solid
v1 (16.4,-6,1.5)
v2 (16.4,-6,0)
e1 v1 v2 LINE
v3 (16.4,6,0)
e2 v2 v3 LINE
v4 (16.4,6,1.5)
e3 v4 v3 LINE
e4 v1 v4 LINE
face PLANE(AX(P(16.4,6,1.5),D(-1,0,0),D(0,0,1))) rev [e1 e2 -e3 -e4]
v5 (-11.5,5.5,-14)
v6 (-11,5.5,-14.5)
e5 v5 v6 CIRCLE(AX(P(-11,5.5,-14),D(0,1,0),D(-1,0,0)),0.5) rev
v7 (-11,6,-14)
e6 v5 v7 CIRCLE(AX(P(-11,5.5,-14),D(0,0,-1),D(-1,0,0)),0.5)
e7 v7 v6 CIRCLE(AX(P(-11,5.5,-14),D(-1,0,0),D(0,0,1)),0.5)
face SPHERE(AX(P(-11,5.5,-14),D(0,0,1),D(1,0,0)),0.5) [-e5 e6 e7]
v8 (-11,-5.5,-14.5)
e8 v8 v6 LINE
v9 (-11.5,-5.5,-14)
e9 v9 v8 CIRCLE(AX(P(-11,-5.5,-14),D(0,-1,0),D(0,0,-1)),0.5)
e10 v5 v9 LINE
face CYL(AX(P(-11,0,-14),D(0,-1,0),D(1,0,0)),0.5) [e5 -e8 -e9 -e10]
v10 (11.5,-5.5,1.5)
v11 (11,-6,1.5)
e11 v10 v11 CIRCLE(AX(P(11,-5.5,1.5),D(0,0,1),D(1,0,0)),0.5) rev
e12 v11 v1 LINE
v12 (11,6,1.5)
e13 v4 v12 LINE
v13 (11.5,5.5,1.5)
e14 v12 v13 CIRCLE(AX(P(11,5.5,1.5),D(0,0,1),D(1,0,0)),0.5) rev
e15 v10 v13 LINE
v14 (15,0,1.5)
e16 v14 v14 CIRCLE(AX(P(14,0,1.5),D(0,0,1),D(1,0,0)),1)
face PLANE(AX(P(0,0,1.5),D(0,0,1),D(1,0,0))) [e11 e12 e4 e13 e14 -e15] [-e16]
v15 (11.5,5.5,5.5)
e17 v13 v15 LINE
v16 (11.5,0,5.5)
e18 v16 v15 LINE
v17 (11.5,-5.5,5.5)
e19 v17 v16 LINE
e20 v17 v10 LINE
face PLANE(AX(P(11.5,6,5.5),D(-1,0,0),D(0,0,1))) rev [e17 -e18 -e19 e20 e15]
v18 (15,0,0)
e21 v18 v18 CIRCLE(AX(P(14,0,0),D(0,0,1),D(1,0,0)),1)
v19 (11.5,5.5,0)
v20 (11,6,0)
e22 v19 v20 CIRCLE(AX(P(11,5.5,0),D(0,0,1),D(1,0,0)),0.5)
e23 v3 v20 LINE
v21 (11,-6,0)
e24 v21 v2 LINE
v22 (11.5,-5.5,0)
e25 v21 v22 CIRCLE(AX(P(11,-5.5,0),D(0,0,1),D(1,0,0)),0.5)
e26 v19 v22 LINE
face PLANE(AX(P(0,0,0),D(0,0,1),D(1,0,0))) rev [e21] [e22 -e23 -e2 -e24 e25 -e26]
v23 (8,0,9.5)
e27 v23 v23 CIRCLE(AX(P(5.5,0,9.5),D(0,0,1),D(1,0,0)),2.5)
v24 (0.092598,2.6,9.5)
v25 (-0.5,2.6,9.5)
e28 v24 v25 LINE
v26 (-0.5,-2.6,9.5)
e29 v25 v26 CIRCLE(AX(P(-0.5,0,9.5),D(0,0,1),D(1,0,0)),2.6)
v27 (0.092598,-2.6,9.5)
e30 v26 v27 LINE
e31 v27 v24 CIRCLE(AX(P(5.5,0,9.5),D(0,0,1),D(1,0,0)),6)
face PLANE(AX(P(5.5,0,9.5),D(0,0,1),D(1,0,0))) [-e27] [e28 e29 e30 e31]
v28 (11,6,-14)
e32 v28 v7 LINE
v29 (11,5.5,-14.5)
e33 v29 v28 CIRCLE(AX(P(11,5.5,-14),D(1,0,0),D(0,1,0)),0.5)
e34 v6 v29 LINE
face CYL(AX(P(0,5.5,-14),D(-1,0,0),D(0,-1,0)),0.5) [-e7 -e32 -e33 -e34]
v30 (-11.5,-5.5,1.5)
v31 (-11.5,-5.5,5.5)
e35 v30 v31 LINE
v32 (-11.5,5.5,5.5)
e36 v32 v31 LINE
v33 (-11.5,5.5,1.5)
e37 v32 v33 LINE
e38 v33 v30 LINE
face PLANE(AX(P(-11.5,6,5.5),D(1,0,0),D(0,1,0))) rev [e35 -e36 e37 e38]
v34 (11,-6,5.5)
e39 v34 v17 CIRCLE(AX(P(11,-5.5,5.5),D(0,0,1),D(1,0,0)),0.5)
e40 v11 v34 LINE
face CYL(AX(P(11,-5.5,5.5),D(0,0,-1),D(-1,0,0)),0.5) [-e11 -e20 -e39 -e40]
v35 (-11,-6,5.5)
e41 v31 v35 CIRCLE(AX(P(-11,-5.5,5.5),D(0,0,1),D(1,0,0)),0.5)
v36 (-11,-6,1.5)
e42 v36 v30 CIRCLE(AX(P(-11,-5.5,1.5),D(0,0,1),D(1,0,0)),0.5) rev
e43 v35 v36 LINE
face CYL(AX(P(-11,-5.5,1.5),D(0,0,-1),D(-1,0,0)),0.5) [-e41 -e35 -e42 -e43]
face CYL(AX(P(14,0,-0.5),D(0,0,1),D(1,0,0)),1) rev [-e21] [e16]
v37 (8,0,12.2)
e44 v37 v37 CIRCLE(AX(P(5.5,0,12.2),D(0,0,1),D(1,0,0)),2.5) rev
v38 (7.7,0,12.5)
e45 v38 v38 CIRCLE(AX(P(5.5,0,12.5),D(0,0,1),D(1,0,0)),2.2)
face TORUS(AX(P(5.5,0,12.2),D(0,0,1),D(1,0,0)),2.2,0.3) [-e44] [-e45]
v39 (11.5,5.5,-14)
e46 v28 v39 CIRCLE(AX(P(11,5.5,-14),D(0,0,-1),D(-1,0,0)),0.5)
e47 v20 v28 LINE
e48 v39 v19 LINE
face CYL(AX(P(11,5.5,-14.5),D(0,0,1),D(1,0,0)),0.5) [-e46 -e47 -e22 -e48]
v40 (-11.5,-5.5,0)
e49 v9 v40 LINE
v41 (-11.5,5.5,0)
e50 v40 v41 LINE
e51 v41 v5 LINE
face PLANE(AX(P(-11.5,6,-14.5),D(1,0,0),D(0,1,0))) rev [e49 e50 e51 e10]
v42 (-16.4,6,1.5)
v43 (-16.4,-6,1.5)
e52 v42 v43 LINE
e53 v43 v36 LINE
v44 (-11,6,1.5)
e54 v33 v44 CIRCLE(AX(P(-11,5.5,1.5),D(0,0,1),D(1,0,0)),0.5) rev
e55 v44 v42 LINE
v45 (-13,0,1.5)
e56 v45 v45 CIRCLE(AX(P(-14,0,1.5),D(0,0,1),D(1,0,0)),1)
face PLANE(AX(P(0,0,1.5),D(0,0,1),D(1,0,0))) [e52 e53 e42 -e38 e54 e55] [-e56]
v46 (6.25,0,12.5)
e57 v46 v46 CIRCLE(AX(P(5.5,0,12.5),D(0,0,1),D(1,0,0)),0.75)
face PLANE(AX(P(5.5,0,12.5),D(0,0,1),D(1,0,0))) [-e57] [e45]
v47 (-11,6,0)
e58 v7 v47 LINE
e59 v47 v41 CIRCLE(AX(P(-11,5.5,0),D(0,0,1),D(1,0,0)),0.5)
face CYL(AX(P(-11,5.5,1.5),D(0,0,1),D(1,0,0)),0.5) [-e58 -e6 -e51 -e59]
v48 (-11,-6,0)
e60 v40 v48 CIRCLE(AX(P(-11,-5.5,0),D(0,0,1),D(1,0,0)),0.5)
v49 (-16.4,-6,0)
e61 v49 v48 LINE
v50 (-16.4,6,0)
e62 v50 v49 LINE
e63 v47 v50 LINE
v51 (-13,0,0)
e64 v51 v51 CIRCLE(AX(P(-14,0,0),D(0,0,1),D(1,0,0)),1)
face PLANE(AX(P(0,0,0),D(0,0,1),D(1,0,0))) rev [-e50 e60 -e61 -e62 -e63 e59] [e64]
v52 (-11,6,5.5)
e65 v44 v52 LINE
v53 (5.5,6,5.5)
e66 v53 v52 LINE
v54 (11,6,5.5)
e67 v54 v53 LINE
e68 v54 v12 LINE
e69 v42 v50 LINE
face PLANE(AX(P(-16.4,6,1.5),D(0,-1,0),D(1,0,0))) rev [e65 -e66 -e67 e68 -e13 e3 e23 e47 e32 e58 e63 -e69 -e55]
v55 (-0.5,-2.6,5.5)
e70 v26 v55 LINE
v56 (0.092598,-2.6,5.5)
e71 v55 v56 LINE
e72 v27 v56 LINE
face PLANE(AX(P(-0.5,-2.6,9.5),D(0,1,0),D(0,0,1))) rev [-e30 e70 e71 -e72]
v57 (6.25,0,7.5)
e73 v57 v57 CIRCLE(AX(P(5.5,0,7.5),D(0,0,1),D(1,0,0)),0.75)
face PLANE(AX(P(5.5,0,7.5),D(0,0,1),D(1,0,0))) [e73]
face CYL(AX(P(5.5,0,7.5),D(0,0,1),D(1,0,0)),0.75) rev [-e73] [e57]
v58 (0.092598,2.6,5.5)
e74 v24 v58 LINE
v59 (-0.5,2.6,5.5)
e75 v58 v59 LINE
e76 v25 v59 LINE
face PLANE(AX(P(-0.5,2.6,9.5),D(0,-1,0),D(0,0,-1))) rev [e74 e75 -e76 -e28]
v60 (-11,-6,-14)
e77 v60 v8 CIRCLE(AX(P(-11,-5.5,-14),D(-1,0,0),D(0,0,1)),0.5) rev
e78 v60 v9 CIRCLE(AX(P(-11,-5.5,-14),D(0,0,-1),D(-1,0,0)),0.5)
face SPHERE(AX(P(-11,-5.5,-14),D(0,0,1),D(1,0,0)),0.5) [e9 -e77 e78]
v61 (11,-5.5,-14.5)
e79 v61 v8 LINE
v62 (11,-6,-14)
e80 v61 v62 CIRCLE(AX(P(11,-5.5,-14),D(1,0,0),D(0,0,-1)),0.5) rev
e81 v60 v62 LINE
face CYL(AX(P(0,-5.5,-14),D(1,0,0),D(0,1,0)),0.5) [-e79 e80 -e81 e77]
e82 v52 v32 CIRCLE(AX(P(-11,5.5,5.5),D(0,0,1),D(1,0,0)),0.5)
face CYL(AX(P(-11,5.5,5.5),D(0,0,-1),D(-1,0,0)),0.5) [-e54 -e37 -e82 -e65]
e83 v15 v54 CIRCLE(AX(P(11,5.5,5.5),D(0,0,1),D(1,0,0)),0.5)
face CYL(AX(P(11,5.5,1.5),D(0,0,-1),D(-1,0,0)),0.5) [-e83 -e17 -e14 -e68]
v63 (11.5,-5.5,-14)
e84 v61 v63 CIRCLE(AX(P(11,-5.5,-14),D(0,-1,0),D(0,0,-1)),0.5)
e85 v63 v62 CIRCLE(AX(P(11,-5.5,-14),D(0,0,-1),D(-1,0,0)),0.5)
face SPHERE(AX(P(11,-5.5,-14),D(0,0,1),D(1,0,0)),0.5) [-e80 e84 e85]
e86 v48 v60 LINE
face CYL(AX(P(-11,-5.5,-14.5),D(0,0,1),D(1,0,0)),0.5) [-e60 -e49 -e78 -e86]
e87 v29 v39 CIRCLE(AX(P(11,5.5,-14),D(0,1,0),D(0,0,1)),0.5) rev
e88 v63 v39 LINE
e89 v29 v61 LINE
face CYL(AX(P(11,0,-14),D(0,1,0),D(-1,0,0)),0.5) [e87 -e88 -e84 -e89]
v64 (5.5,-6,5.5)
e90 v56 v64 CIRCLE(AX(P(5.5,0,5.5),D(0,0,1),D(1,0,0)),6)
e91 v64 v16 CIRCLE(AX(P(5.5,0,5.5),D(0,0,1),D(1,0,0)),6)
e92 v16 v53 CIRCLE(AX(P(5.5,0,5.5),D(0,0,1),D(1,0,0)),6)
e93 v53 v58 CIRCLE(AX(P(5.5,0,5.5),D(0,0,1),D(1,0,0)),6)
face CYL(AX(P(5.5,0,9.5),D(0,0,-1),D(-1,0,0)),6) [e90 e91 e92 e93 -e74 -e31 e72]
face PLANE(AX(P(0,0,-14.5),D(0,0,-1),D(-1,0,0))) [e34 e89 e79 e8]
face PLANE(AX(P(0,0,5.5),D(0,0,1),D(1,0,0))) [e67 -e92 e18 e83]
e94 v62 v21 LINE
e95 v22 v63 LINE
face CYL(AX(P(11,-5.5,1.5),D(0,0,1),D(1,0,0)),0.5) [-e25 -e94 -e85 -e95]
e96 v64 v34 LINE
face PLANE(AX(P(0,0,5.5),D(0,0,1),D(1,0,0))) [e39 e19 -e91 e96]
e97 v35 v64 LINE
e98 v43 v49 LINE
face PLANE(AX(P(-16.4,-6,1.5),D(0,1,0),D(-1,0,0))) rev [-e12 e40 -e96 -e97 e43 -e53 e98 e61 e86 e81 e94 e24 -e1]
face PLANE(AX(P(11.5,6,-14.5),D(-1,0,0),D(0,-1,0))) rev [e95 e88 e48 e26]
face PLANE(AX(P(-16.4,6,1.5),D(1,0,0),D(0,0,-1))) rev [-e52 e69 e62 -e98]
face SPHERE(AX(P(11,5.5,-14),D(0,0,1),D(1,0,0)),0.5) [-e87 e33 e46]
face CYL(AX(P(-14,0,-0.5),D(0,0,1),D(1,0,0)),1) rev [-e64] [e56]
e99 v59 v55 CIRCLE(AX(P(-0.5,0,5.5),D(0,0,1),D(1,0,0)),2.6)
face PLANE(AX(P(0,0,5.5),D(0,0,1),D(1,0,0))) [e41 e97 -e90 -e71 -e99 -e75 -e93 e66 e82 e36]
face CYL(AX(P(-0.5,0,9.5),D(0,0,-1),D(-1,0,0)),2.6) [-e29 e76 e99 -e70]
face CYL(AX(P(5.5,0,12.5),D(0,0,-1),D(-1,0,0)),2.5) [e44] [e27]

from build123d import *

# Parameters (mm, degrees)
SKETCH_1_W          = 32.8
SKETCH_1_H          = 12
EXTRUDE_1_DEPTH     = 1.5
SKETCH_2_W          = 23
SKETCH_2_H          = 12
EXTRUDE_2_DEPTH     = 4
SKETCH_6_W          = 23
SKETCH_6_H          = 12
EXTRUDE_5_DEPTH     = 14.5
SKETCH_7_R          = 1
CUT_EXTRUDE_2_DEPTH = 2
EXTRUDE_6_DEPTH     = 4
SKETCH_8_R          = 2.5
EXTRUDE_7_DEPTH     = 3
FILLET_1_R          = 0.3
SKETCH_9_R          = 0.75
CUT_EXTRUDE_3_DEPTH = 5
FILLET_2_R          = 0.5


with BuildPart() as part:
    # 草图1 → 凸台-拉伸1 (new body)
    with BuildSketch(Plane.XY):
        Rectangle(SKETCH_1_W, SKETCH_1_H)
    extrude(amount=EXTRUDE_1_DEPTH)

    # 草图2 → 凸台-拉伸2 (add)
    with BuildSketch(Plane.XY.offset(1.5)):
        Rectangle(SKETCH_2_W, SKETCH_2_H)
    extrude(amount=EXTRUDE_2_DEPTH)

    # 草图6 → 凸台-拉伸5 (add)
    with BuildSketch(Plane(origin=(0, 0, 0), x_dir=(-1, 0, 0), z_dir=(0, 0, -1))):
        Rectangle(SKETCH_6_W, SKETCH_6_H)
    extrude(amount=EXTRUDE_5_DEPTH)

    # 草图7 → 切除-拉伸2 (cut)
    with BuildSketch(Plane.XY.offset(1.5)):
        with Locations((-14, 0)):
            Circle(SKETCH_7_R)
        with Locations((14, 0)):
            Circle(SKETCH_7_R)
    extrude(amount=-CUT_EXTRUDE_2_DEPTH, mode=Mode.SUBTRACT)

    # 草图3 → 凸台-拉伸6 (add)
    with BuildSketch(Plane.XY.offset(5.5)):
        with BuildLine():
            Line((-0.5, 2.6), (0.092597666, 2.6))
            ThreePointArc((0.092597666, 2.6), (11.5, 0), (0.092597666, -2.6))
            Line((0.092597666, -2.6), (-0.5, -2.6))
            ThreePointArc((-0.5, -2.6), (-3.1, 0), (-0.5, 2.6))
        make_face()
    extrude(amount=EXTRUDE_6_DEPTH)

    # 草图8 → 凸台-拉伸7 (add)
    with BuildSketch(Plane.XY.offset(9.5)):
        with Locations((5.5, 0)):
            Circle(SKETCH_8_R)
    extrude(amount=EXTRUDE_7_DEPTH)

    # 圆角1
    fillet_1_edges = [part.edges().sort_by_distance(p)[0] for p in [
        (3, 0, 12.5),
    ]]
    fillet(fillet_1_edges, radius=FILLET_1_R)

    # 草图9 → 切除-拉伸3 (cut)
    with BuildSketch(Plane.XY.offset(12.5)):
        with Locations((5.5, 0)):
            Circle(SKETCH_9_R)
    extrude(amount=-CUT_EXTRUDE_3_DEPTH, mode=Mode.SUBTRACT)

    # 圆角2
    fillet_2_edges = [part.edges().sort_by_distance(p)[0] for p in [
        (0, -6, -14.5),
        (-11.5, 0, -14.5),
        (0, 6, -14.5),
        (11.5, 0, -14.5),
        (11.5, -6, 3.5),
        (11.5, -6, -7.25),
        (11.5, 6, -7.25),
        (-11.5, -6, -7.25),
        (-11.5, 6, -7.25),
        (11.5, 6, 3.5),
        (-11.5, -6, 3.5),
        (-11.5, 6, 3.5),
    ]]
    fillet(fillet_2_edges, radius=FILLET_2_R)


solid = part.part
